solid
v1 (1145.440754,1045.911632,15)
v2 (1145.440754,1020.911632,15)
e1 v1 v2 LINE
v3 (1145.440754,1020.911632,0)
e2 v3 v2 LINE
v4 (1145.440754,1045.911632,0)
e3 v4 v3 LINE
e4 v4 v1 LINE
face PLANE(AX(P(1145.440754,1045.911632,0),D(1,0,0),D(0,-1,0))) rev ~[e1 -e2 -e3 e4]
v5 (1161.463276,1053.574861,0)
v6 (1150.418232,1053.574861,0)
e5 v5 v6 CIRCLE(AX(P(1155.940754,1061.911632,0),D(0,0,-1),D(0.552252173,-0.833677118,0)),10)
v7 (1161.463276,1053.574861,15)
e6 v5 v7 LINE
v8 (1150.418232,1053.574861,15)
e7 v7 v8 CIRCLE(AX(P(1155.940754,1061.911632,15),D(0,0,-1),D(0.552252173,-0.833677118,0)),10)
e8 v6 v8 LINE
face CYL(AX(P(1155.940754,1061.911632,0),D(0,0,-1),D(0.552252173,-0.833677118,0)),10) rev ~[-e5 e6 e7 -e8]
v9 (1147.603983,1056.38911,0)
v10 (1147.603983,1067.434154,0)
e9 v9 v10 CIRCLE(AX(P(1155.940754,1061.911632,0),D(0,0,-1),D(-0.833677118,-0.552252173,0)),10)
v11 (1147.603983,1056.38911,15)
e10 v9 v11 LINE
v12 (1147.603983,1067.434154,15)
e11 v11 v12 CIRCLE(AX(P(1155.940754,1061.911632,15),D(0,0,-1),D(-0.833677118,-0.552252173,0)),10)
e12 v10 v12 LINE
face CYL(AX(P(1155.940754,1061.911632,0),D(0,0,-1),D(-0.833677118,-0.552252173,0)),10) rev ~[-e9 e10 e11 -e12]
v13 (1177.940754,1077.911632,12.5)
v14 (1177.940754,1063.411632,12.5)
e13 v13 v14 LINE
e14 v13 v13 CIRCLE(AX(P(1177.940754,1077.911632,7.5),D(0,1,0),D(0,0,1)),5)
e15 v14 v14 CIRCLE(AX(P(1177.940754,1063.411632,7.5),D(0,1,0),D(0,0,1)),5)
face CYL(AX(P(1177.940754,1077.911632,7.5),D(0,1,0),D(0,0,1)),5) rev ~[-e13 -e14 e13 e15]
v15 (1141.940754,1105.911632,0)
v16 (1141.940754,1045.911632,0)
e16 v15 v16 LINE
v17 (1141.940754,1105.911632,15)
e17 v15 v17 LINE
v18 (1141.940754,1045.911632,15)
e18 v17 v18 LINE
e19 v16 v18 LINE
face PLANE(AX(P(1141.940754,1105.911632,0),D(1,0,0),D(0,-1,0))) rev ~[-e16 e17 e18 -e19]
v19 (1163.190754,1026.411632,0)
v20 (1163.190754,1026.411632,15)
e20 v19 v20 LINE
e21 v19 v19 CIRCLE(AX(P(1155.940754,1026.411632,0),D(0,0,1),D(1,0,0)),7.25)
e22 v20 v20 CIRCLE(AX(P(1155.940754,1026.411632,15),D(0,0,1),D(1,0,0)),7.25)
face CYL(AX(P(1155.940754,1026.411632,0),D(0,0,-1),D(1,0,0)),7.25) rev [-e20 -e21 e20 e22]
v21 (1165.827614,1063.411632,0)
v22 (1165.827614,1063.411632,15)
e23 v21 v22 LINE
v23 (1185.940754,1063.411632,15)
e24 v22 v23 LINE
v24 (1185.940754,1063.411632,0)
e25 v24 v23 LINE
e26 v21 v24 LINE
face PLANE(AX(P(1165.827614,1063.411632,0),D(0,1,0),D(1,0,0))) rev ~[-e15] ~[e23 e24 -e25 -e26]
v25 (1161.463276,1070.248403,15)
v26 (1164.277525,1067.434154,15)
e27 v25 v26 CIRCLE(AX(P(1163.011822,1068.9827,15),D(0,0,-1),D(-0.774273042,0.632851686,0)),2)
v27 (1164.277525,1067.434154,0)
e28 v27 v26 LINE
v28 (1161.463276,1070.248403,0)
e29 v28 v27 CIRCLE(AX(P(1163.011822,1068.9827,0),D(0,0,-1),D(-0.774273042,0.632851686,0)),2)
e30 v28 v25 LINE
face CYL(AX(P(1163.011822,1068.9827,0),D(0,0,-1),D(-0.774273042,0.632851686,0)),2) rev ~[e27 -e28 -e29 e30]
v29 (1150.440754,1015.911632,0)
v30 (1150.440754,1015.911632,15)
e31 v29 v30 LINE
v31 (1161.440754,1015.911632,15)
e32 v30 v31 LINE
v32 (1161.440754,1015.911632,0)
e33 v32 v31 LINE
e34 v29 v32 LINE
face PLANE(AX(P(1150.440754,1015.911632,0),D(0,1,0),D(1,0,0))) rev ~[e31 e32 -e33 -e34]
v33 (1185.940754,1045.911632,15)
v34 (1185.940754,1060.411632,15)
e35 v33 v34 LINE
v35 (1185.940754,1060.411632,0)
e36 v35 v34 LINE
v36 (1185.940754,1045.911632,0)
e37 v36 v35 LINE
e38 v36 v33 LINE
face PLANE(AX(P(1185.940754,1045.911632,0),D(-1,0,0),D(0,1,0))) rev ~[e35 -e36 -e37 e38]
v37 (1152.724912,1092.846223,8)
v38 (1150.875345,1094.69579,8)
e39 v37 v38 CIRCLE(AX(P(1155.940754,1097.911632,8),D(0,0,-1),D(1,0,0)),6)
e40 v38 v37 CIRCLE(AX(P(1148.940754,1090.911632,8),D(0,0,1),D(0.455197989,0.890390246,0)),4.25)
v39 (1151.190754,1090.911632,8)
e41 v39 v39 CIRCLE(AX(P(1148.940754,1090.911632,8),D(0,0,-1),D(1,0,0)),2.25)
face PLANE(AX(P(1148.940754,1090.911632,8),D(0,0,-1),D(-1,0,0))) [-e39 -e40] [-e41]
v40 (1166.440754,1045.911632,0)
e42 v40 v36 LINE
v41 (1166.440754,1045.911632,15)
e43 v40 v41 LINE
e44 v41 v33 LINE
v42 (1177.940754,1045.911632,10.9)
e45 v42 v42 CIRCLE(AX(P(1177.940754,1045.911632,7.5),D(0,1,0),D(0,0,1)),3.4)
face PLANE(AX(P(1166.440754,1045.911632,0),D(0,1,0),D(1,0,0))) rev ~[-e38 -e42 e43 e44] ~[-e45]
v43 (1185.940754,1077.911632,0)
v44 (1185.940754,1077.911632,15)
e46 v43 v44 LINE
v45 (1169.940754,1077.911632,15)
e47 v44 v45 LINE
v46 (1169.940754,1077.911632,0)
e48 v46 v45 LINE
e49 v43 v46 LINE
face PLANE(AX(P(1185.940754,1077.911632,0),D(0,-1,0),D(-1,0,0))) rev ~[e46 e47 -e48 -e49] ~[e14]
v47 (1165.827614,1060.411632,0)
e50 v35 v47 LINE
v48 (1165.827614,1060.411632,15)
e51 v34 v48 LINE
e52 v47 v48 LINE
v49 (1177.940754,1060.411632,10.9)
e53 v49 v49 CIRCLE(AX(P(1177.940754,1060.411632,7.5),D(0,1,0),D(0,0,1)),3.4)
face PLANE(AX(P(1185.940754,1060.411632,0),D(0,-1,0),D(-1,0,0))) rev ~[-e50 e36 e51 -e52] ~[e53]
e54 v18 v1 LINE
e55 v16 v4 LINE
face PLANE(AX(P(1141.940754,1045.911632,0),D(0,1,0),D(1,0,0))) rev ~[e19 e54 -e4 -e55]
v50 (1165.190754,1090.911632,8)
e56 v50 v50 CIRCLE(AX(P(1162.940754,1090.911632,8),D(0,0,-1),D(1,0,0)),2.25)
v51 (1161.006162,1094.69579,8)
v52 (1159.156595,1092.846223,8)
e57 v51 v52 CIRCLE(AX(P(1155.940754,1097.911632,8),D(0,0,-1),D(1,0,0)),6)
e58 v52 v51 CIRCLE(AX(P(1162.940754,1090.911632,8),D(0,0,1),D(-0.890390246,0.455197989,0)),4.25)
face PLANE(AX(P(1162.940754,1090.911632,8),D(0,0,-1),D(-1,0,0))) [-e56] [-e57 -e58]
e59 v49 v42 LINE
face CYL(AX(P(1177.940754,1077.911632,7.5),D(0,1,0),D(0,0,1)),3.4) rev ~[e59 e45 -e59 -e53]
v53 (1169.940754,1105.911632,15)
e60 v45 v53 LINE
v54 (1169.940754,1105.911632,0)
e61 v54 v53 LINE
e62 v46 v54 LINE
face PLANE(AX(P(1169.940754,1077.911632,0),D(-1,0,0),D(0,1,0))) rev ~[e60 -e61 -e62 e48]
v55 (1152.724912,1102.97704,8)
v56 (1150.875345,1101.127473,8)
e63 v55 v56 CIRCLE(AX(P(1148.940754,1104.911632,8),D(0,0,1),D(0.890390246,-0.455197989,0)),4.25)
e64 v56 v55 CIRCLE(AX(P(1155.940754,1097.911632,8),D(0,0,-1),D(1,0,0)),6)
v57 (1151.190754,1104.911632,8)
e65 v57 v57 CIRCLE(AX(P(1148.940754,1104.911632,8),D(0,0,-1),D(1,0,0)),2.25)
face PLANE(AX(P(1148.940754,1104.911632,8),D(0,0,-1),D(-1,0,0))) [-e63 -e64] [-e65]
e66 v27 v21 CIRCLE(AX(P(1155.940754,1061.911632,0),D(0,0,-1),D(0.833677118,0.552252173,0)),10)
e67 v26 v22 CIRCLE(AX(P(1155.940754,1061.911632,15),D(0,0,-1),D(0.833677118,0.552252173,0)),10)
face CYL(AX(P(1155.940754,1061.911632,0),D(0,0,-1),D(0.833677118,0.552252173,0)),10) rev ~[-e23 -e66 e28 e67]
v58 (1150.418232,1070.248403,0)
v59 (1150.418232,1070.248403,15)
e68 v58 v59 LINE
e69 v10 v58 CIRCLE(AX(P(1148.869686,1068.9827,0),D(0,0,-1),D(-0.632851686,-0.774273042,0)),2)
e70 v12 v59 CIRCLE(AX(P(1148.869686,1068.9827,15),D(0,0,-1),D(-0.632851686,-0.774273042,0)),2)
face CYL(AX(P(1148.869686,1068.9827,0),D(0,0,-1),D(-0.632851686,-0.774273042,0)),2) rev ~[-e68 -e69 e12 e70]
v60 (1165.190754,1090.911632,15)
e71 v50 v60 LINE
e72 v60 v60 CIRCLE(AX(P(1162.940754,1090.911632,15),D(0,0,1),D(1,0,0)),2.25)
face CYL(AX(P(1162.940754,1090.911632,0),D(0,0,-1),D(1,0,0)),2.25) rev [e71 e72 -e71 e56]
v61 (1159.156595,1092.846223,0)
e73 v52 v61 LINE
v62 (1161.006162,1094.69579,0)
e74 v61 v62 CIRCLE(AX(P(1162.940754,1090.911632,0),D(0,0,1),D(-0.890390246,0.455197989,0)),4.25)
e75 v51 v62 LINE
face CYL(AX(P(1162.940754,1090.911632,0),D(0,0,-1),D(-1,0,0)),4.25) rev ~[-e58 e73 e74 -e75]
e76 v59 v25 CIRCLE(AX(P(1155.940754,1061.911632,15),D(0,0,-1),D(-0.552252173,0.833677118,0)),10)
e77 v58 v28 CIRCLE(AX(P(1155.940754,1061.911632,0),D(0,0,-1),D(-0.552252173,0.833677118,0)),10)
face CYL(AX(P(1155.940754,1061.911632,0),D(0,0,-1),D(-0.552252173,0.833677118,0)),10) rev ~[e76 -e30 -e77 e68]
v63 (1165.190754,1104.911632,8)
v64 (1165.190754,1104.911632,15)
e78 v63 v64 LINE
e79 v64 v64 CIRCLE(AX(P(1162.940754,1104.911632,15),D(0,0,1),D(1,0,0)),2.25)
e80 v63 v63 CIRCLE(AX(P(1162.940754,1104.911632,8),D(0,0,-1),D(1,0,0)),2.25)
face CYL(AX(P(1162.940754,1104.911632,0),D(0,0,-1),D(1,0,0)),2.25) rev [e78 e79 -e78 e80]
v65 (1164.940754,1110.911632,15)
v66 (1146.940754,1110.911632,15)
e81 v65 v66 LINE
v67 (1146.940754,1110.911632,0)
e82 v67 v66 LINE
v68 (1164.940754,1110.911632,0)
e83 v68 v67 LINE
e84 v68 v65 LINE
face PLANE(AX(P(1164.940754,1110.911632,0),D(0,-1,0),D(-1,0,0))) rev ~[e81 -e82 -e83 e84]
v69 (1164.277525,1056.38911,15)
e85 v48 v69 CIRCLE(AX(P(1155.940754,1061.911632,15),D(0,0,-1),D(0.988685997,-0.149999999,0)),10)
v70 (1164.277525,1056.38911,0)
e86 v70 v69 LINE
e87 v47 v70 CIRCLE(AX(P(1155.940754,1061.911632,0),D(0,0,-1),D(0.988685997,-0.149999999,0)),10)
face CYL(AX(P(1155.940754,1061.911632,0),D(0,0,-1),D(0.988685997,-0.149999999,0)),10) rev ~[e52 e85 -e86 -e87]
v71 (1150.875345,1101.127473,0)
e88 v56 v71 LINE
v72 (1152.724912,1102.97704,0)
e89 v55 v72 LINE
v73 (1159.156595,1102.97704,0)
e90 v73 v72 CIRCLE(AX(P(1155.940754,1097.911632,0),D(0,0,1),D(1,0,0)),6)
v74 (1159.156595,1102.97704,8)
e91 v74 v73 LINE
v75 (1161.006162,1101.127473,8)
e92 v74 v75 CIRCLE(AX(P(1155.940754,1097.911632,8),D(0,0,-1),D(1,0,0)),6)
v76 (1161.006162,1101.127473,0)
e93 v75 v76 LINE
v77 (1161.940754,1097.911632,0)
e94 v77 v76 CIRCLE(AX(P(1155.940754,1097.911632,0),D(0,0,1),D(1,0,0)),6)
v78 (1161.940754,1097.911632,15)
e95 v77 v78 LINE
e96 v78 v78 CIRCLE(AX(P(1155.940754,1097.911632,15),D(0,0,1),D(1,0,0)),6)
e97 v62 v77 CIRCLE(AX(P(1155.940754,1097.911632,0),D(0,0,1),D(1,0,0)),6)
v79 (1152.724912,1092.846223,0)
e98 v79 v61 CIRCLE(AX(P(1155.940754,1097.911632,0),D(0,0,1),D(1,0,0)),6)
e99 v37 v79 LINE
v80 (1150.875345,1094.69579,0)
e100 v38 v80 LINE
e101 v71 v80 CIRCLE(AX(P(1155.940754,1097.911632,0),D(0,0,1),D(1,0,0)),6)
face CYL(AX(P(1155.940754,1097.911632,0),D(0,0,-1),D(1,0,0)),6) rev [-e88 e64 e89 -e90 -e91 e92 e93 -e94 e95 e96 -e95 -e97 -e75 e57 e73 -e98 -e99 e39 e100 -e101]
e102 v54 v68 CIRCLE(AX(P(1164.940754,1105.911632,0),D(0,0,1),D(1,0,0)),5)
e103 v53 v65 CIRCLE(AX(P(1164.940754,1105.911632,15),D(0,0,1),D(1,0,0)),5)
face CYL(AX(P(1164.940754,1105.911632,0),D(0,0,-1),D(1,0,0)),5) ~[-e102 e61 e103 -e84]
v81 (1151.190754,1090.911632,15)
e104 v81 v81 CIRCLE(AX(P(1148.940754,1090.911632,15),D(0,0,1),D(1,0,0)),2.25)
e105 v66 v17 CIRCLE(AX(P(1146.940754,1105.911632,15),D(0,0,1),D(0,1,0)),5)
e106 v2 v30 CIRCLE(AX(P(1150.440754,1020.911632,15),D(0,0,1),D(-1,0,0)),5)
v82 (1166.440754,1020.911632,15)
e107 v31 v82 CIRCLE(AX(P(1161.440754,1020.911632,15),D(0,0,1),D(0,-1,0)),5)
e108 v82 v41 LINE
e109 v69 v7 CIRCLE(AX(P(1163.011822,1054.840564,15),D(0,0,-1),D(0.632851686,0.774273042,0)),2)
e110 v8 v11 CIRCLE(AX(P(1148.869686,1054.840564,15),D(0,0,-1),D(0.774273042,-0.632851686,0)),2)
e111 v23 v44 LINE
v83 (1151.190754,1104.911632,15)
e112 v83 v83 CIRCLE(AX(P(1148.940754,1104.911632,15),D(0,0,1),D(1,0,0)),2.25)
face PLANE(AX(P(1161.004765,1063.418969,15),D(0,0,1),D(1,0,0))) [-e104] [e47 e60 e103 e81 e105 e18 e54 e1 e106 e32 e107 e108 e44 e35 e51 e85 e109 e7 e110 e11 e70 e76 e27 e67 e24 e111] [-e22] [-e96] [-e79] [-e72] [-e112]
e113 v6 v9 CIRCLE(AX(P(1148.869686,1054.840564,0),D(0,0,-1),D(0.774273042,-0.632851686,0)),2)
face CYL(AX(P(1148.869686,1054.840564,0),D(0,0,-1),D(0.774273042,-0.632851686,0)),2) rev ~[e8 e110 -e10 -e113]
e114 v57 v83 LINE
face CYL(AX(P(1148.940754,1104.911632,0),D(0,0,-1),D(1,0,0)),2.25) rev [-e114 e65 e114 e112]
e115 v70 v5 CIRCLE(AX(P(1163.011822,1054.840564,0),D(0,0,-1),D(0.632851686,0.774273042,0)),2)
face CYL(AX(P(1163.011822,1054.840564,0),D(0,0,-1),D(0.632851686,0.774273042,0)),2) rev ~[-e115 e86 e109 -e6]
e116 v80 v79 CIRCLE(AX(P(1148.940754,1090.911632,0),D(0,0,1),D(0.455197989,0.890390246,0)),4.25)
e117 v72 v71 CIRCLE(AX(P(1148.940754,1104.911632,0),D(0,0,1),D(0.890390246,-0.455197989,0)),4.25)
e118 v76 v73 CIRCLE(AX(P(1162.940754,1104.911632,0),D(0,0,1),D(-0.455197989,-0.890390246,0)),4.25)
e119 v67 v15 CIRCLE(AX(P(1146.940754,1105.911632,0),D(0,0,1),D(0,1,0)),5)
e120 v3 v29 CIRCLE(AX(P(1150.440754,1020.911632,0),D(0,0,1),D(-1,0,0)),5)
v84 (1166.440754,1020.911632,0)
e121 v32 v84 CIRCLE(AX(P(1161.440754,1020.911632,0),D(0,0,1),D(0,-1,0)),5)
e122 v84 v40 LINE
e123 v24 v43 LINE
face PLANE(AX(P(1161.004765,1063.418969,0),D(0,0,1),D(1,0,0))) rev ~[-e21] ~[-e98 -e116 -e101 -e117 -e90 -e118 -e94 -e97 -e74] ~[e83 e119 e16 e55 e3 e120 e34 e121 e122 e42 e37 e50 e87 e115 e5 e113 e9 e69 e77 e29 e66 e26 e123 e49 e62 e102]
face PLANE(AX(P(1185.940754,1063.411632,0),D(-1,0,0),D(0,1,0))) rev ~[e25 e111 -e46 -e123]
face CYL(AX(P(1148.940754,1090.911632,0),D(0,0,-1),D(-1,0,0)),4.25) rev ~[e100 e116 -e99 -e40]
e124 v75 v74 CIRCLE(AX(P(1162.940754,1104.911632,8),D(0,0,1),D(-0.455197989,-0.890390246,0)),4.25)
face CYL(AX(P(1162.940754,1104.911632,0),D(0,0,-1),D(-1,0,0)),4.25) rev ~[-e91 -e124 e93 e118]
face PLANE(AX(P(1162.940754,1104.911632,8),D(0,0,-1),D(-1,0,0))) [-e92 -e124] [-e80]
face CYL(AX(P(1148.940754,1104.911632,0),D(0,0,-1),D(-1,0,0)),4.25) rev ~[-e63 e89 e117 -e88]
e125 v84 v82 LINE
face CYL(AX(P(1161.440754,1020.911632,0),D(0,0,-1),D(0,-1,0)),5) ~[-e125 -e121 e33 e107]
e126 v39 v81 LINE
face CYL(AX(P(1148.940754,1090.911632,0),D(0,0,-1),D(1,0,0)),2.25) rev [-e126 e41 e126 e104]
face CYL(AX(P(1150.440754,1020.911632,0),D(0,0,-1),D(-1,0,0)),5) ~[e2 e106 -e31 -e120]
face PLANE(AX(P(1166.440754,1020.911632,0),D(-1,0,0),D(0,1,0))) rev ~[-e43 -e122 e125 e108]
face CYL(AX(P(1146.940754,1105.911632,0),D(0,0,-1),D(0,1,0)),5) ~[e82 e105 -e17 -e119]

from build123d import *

# Parameters (mm, degrees)
SKETCH_1_R          = 2.25
SKETCH_1_R_2        = 6
SKETCH_1_R_3        = 7.25
EXTRUDE_1_DEPTH     = 15
SKETCH_2_R          = 4.25
CUT_EXTRUDE_2_DEPTH = 8
SKETCH_3_R          = 3.4
CUT_EXTRUDE_3_DEPTH = 1188.655030604
SKETCH_4_R          = 5
CUT_EXTRUDE_4_DEPTH = 15


with BuildPart() as part:
    # 草图1 → 拉伸1 (new body)
    with BuildSketch(Plane.XY):
        with BuildLine():
            Line((1164.940753882, 1110.911631895), (1146.940753882, 1110.911631895))
            ThreePointArc((1146.940753882, 1110.911631895), (1143.405219976, 1109.4471658), (1141.940753882, 1105.911631895))
            Line((1141.940753882, 1105.911631895), (1141.940753882, 1045.911631895))
            Line((1141.940753882, 1045.911631895), (1145.440753882, 1045.911631895))
            Line((1145.440753882, 1045.911631895), (1145.440753882, 1020.911631895))
            ThreePointArc((1145.440753882, 1020.911631895), (1146.905219976, 1017.376097989), (1150.440753882, 1015.911631895))
            Line((1150.440753882, 1015.911631895), (1161.440753882, 1015.911631895))
            ThreePointArc((1161.440753882, 1015.911631895), (1164.976287788, 1017.376097989), (1166.440753882, 1020.911631895))
            Line((1166.440753882, 1020.911631895), (1166.440753882, 1045.911631895))
            Line((1166.440753882, 1045.911631895), (1185.940753882, 1045.911631895))
            Line((1185.940753882, 1045.911631895), (1185.940753882, 1060.411631895))
            Line((1185.940753882, 1060.411631895), (1165.827613848, 1060.411631895))
            ThreePointArc((1165.827613848, 1060.411631895), (1165.271903508, 1058.315850107), (1164.277525065, 1056.389110167))
            ThreePointArc((1164.277525065, 1056.389110167), (1164.426035256, 1053.42635052), (1161.46327561, 1053.574860711))
            ThreePointArc((1161.46327561, 1053.574860711), (1155.940753882, 1051.911631895), (1150.418232154, 1053.574860711))
            ThreePointArc((1150.418232154, 1053.574860711), (1147.455472508, 1053.42635052), (1147.603982698, 1056.389110167))
            ThreePointArc((1147.603982698, 1056.389110167), (1145.940753882, 1061.911631895), (1147.603982698, 1067.434153622))
            ThreePointArc((1147.603982698, 1067.434153622), (1147.455472508, 1070.396913269), (1150.418232154, 1070.248403078))
            ThreePointArc((1150.418232154, 1070.248403078), (1155.940753882, 1071.911631895), (1161.46327561, 1070.248403078))
            ThreePointArc((1161.46327561, 1070.248403078), (1164.426035256, 1070.396913269), (1164.277525065, 1067.434153622))
            ThreePointArc((1164.277525065, 1067.434153622), (1165.271903508, 1065.507413682), (1165.827613848, 1063.411631895))
            Line((1165.827613848, 1063.411631895), (1185.940753882, 1063.411631895))
            Line((1185.940753882, 1063.411631895), (1185.940753882, 1077.911631895))
            Line((1185.940753882, 1077.911631895), (1169.940753882, 1077.911631895))
            Line((1169.940753882, 1077.911631895), (1169.940753882, 1105.911631895))
            ThreePointArc((1169.940753882, 1105.911631895), (1168.476287788, 1109.4471658), (1164.940753882, 1110.911631895))
        make_face()
        with Locations((1162.940753882, 1104.911631895)):
            Circle(SKETCH_1_R, mode=Mode.SUBTRACT)
        with Locations((1155.940753882, 1097.911631895)):
            Circle(SKETCH_1_R_2, mode=Mode.SUBTRACT)
        with Locations((1148.940753882, 1104.911631895)):
            Circle(SKETCH_1_R, mode=Mode.SUBTRACT)
        with Locations((1148.940753882, 1090.911631895)):
            Circle(SKETCH_1_R, mode=Mode.SUBTRACT)
        with Locations((1162.940753882, 1090.911631895)):
            Circle(SKETCH_1_R, mode=Mode.SUBTRACT)
        with Locations((1155.940753882, 1026.411631895)):
            Circle(SKETCH_1_R_3, mode=Mode.SUBTRACT)
    extrude(amount=EXTRUDE_1_DEPTH)

    # 草图2 → 拉伸2 (cut)
    with BuildSketch(Plane(origin=(0, 0, 0), x_dir=(-1, 0, 0), z_dir=(0, 0, -1))):
        with Locations((-1148.940753882, 1090.911631895)):
            Circle(SKETCH_2_R)
        with Locations((-1162.940753882, 1090.911631895)):
            Circle(SKETCH_2_R)
        with Locations((-1148.940753882, 1104.911631895)):
            Circle(SKETCH_2_R)
        with Locations((-1162.940753882, 1104.911631895)):
            Circle(SKETCH_2_R)
    extrude(amount=-CUT_EXTRUDE_2_DEPTH, mode=Mode.SUBTRACT)

    # 草图3 → 拉伸3 (cut, through all)
    with BuildSketch(Plane(origin=(0, 1077.911631895, 0), x_dir=(1, 0, 0), z_dir=(0, 1, 0))):
        with Locations(Location((1177.940753882, -7.5, 0), (0, 0, 270))):
            Circle(SKETCH_3_R)
    extrude(amount=-CUT_EXTRUDE_3_DEPTH, mode=Mode.SUBTRACT)

    # 草图4 → 拉伸4 (cut)
    with BuildSketch(Plane(origin=(0, 1077.911631895, 0), x_dir=(1, 0, 0), z_dir=(0, 1, 0))):
        with Locations(Location((1177.940753882, -7.5, 0), (0, 0, 270))):
            Circle(SKETCH_4_R)
    extrude(amount=-CUT_EXTRUDE_4_DEPTH, mode=Mode.SUBTRACT)


solid = part.part
